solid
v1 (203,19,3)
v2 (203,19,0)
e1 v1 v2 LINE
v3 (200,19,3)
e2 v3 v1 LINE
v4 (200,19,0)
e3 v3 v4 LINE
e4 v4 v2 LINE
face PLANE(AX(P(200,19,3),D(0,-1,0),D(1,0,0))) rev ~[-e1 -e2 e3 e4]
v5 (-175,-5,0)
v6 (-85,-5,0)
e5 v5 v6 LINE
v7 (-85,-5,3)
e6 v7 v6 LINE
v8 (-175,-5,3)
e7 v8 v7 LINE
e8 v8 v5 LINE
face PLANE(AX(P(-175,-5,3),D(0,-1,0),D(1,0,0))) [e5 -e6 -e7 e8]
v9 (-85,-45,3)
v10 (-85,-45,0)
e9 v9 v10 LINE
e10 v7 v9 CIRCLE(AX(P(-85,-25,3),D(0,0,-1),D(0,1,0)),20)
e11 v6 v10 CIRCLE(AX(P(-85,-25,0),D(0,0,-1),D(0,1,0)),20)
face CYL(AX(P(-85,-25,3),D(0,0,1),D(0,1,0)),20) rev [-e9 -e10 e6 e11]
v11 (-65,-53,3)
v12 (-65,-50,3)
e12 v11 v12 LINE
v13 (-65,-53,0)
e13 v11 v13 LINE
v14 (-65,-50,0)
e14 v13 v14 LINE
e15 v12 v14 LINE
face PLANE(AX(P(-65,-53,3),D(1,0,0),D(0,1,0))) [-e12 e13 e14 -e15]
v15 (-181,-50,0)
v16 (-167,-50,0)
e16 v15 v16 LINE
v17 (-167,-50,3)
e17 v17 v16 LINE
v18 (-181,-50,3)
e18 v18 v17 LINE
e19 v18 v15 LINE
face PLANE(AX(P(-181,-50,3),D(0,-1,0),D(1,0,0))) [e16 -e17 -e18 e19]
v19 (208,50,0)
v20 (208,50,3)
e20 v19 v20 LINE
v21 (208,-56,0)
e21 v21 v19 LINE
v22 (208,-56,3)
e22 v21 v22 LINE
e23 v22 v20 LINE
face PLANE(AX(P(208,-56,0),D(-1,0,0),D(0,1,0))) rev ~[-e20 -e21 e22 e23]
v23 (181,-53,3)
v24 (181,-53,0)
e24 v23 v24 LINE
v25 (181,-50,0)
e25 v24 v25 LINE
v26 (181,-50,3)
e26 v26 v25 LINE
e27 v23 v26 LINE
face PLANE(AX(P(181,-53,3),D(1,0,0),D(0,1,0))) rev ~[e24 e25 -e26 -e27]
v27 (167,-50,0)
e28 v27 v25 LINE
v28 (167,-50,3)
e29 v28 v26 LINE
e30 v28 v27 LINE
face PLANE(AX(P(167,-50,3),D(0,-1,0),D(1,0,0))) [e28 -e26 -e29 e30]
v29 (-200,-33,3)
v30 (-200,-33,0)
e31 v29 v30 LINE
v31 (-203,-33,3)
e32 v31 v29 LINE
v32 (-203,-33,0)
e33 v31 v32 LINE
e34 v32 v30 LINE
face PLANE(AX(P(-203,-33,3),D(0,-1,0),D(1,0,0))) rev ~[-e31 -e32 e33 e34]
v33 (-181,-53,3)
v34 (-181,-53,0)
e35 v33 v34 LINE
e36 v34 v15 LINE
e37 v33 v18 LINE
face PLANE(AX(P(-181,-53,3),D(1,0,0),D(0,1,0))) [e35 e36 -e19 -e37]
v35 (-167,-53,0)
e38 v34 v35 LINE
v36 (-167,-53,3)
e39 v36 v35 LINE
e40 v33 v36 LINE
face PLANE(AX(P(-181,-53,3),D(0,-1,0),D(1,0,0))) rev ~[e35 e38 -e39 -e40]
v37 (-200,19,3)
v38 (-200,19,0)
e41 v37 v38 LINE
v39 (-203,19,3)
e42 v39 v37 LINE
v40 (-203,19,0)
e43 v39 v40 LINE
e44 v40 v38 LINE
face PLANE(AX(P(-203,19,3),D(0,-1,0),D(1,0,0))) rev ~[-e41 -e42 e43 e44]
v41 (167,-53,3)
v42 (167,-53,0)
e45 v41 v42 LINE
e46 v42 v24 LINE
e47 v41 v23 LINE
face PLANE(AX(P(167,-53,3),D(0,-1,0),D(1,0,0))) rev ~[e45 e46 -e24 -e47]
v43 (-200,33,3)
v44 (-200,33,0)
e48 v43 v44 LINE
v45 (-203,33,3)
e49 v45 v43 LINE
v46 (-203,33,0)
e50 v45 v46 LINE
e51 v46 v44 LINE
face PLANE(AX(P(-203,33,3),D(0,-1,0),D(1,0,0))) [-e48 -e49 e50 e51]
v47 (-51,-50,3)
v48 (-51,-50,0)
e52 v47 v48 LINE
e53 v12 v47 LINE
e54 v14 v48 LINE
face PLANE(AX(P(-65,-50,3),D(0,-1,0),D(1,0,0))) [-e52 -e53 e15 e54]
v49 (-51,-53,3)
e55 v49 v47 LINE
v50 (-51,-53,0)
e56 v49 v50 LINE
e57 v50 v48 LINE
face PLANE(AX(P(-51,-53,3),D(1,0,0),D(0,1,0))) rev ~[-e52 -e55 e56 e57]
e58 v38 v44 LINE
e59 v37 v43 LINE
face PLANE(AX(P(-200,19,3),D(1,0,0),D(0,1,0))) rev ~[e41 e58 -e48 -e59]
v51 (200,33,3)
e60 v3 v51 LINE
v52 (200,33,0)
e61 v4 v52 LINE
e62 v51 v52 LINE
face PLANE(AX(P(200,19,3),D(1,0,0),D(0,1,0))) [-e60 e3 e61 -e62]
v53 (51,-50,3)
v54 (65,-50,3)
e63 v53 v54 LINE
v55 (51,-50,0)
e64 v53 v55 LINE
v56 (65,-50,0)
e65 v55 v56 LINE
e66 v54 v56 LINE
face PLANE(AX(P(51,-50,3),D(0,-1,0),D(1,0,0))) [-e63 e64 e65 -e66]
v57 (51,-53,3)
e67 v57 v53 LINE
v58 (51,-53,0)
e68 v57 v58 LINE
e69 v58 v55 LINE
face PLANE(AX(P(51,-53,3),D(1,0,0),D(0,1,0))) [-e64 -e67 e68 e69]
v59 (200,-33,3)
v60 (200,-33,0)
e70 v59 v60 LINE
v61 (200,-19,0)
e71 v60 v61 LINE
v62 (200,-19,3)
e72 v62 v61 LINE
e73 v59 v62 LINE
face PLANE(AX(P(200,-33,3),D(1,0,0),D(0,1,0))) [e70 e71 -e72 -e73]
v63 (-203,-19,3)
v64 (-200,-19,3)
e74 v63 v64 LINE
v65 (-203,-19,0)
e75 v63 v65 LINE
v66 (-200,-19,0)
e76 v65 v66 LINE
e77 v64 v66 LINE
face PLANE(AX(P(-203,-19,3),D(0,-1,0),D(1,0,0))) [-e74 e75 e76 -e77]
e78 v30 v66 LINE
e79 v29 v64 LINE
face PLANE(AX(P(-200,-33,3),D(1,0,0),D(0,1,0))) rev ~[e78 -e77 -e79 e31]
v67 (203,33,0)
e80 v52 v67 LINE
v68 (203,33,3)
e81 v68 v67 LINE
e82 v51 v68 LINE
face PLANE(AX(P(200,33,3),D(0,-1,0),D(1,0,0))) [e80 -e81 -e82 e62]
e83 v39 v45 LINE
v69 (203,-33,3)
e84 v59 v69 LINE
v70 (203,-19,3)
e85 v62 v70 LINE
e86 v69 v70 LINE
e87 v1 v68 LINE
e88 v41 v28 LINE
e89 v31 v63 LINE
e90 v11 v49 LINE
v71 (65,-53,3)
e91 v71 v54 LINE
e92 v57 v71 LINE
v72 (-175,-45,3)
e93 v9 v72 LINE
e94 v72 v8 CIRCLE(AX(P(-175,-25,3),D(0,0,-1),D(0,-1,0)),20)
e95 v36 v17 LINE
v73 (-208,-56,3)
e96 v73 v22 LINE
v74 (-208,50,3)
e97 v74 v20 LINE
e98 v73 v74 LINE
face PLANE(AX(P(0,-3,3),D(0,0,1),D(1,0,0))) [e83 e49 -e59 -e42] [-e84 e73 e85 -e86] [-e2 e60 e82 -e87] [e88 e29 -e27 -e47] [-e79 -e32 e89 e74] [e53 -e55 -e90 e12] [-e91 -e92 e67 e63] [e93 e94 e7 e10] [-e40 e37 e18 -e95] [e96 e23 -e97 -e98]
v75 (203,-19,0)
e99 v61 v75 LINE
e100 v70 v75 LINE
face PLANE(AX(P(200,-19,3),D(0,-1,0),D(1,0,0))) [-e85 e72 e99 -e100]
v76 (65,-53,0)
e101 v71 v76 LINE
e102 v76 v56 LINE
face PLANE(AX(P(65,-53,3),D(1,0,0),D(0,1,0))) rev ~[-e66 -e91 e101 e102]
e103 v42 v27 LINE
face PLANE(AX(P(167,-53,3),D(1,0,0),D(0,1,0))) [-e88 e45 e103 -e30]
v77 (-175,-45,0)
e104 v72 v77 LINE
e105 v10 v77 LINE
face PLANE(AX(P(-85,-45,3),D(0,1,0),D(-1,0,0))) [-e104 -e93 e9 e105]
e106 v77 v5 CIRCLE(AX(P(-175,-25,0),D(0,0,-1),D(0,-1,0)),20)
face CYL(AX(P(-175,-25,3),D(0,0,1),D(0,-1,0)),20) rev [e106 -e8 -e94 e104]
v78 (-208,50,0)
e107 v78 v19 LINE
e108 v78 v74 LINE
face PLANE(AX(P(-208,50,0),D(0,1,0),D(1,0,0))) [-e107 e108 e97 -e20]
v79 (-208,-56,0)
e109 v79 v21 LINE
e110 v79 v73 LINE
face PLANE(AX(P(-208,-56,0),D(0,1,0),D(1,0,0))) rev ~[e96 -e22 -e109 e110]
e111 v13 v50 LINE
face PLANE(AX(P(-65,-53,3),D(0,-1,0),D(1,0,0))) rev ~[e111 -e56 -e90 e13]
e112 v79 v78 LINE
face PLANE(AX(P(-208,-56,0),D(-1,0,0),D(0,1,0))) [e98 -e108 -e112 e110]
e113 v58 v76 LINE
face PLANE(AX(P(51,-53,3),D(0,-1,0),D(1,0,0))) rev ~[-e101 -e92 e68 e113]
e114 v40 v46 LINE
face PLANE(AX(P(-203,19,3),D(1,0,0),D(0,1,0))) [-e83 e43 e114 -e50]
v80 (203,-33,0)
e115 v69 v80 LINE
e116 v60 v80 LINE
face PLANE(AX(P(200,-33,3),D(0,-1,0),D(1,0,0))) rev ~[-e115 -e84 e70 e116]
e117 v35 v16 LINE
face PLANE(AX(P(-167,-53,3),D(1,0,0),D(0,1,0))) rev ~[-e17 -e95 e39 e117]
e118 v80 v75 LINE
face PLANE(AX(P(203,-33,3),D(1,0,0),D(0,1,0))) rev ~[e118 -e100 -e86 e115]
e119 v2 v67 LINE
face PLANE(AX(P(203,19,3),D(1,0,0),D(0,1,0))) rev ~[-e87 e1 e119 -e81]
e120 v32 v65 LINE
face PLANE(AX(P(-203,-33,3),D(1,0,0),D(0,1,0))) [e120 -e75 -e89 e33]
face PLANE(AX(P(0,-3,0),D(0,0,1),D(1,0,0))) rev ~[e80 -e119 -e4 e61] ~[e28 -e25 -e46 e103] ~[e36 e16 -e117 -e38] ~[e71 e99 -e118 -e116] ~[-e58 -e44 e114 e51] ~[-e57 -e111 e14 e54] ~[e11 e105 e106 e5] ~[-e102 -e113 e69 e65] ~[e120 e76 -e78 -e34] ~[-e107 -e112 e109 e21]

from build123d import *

# Parameters (mm, degrees)
SKETCH1_W           = 416
SKETCH1_H           = 106
BOSS_EXTRUDE1_DEPTH = 3
SKETCH2_W           = 3
SKETCH2_H           = 14
SKETCH2_W_2         = 14
SKETCH2_H_2         = 3
CUT_EXTRUDE1_DEPTH  = 3
CUT_EXTRUDE2_DEPTH  = 3


with BuildPart() as part:
    # Sketch1 → Boss-Extrude1 (new body)
    with BuildSketch(Plane.XY):
        with Locations((0, -3)):
            Rectangle(SKETCH1_W, SKETCH1_H)
    extrude(amount=BOSS_EXTRUDE1_DEPTH)

    # Sketch2 → Cut-Extrude1 (cut)
    with BuildSketch(Plane.XY.offset(3)):
        with Locations((201.5, 26)):
            Rectangle(SKETCH2_W, SKETCH2_H)
        with Locations((-201.5, 26)):
            Rectangle(SKETCH2_W, SKETCH2_H)
        with Locations((201.5, -26)):
            Rectangle(SKETCH2_W, SKETCH2_H)
        with Locations((-201.5, -26)):
            Rectangle(SKETCH2_W, SKETCH2_H)
        with Locations((174, -51.5)):
            Rectangle(SKETCH2_W_2, SKETCH2_H_2)
        with Locations((-174, -51.5)):
            Rectangle(SKETCH2_W_2, SKETCH2_H_2)
        with Locations((58, -51.5)):
            Rectangle(SKETCH2_W_2, SKETCH2_H_2)
        with Locations((-58, -51.5)):
            Rectangle(SKETCH2_W_2, SKETCH2_H_2)
    extrude(amount=-CUT_EXTRUDE1_DEPTH, mode=Mode.SUBTRACT)

    # Sketch4 → Cut-Extrude2 (cut)
    with BuildSketch(Plane.XY.offset(3)):
        with BuildLine():
            Line((-175, -5), (-85, -5))
            ThreePointArc((-85, -5), (-65, -25), (-85, -45))
            Line((-85, -45), (-175, -45))
            ThreePointArc((-175, -45), (-195, -25), (-175, -5))
        make_face()
    extrude(amount=-CUT_EXTRUDE2_DEPTH, mode=Mode.SUBTRACT)


solid = part.part
